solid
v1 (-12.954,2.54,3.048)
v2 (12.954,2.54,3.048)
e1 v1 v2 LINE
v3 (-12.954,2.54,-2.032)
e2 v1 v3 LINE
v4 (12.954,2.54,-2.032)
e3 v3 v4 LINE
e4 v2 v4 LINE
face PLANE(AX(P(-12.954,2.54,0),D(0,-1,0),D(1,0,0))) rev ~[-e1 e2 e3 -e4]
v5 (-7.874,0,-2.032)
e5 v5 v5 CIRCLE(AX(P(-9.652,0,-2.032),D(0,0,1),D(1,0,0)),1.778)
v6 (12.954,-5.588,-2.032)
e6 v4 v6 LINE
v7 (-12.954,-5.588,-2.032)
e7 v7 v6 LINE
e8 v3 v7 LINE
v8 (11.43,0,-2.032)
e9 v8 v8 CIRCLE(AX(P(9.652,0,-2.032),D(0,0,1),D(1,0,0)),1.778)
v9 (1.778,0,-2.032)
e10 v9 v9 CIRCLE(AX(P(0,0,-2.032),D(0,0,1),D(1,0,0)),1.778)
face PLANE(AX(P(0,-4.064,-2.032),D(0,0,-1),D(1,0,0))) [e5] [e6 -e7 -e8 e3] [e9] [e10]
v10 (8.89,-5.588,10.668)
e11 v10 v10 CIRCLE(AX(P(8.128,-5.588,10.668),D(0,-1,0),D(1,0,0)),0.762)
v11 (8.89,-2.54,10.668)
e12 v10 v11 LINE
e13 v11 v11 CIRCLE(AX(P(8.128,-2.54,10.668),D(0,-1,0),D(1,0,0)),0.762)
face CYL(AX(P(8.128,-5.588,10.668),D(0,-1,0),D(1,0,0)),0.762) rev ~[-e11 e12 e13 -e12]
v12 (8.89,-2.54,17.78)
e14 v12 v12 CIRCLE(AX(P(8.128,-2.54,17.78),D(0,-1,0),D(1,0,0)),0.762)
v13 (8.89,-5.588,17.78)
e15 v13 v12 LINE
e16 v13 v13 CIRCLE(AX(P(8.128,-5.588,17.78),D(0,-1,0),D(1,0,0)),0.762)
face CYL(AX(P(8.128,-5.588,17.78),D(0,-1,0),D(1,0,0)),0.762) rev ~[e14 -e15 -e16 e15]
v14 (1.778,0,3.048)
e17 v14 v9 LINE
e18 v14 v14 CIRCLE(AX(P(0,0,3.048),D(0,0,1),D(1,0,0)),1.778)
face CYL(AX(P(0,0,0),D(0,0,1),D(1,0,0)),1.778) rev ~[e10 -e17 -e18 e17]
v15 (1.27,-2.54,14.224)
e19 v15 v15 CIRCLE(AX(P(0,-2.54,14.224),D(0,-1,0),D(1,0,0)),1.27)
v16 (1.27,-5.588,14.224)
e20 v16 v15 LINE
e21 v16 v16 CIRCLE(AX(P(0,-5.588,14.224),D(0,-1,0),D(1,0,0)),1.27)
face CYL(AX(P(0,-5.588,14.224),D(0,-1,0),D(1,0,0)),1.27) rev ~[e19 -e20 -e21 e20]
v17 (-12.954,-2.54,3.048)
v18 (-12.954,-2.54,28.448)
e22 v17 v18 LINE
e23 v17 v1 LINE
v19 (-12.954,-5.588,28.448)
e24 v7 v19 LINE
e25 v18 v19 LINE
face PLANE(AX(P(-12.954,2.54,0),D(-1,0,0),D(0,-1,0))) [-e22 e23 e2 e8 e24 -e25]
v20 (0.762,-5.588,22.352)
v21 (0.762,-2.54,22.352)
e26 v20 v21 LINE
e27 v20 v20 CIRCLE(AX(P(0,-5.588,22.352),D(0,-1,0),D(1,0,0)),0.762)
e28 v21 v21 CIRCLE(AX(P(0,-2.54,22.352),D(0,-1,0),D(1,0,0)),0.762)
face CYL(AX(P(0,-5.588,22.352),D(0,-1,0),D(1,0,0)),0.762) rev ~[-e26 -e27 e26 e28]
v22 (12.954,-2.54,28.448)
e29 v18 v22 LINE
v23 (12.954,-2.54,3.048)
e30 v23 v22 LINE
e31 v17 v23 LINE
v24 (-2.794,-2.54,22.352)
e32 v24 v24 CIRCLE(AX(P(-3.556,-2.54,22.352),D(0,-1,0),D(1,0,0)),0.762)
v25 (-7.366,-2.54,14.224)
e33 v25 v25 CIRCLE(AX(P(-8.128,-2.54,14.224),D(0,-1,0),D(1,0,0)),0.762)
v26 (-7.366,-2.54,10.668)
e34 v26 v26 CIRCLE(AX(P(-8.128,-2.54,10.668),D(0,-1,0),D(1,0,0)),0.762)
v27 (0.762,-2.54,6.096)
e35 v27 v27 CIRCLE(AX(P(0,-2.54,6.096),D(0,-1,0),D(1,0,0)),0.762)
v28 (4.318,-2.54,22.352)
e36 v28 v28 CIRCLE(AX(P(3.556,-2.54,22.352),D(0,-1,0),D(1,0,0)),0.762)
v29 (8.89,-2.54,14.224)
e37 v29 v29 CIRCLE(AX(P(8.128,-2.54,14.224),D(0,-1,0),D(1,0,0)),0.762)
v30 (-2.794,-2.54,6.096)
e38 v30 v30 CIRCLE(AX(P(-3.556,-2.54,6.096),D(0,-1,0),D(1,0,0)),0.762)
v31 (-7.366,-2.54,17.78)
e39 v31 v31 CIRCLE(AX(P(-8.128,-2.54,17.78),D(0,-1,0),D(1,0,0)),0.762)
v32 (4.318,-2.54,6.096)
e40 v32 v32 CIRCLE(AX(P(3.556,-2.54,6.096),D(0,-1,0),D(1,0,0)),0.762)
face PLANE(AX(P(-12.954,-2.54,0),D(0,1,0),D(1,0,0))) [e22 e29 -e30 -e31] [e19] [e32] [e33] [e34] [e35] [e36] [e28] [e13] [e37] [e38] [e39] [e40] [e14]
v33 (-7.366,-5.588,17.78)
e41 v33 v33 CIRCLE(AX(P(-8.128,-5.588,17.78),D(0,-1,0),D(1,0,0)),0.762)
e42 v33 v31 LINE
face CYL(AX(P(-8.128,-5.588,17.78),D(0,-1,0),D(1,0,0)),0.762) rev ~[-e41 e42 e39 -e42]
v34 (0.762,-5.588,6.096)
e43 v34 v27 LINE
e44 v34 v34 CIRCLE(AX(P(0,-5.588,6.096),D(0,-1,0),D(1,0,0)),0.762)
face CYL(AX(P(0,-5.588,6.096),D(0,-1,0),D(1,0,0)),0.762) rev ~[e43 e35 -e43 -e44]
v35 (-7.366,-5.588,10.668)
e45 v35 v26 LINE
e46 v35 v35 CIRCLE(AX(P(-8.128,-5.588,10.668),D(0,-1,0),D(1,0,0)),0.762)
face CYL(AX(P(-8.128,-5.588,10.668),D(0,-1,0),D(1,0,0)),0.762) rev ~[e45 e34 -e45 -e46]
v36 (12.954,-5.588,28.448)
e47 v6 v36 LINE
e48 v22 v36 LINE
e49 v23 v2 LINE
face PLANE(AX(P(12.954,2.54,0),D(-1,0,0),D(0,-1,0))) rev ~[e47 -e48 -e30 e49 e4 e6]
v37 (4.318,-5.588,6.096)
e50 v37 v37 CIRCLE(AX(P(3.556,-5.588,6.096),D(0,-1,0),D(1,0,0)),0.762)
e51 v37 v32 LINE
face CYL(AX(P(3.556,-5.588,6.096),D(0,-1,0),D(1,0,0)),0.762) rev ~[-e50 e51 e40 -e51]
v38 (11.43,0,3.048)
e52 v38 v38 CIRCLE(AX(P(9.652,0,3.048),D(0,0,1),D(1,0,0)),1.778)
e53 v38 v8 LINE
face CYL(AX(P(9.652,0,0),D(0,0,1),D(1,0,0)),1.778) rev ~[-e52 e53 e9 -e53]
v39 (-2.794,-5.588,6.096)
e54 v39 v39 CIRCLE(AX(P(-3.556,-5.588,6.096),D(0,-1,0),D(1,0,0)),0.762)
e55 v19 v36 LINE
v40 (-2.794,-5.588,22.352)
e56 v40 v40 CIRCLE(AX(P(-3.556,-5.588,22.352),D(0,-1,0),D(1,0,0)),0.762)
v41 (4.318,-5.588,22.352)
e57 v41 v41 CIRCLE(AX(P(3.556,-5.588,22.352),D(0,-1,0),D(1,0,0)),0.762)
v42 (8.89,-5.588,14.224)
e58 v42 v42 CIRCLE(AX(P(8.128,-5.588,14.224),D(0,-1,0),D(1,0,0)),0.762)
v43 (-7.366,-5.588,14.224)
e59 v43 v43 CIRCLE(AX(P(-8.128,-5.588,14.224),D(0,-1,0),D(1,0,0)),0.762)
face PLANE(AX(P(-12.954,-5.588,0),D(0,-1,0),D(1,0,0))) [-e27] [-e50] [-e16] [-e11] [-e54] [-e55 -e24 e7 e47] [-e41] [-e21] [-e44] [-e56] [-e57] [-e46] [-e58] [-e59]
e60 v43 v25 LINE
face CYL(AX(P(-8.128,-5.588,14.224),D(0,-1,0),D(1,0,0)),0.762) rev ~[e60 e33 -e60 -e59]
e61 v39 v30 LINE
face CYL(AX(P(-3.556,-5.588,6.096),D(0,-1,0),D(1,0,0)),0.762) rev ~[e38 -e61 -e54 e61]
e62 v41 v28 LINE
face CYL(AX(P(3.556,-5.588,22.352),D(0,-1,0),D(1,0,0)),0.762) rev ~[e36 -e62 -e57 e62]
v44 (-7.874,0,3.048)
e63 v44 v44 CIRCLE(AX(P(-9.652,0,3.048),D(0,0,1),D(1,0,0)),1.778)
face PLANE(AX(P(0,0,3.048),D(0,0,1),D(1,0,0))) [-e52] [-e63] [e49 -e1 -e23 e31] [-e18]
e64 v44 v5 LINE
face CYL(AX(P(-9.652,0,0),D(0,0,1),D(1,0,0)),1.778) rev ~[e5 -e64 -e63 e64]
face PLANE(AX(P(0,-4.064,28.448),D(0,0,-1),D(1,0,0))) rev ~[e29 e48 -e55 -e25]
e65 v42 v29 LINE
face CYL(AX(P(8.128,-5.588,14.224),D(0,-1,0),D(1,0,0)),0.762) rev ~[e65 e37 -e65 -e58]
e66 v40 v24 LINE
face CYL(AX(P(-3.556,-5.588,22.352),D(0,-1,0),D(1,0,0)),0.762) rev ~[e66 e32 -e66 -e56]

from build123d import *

# Parameters (mm, degrees)
F0_W     = 25.908
F0_H     = 5.08
F1_DEPTH = 3.048
F2_W     = 25.908
F2_H     = 3.048
F3_DEPTH = 28.448
F4_R     = 0.762
F4_R_2   = 1.27
F5_DEPTH = 25.4
F6_R     = 1.778
F7_DEPTH = 25.4
F8_DEPTH = 2.032


with BuildPart() as f1:
    # F0 (on Top) → F1 (new body)
    with BuildSketch(Plane.XY):
        Rectangle(F0_W, F0_H)
    extrude(amount=F1_DEPTH)

    # F2 (on face) → F3 (join)
    with BuildSketch(Plane(origin=(0, 0, 0), x_dir=(1, 0, 0), z_dir=(0, 0, -1))):
        with Locations((0, 4.064)):
            Rectangle(F2_W, F2_H)
    extrude(amount=-F3_DEPTH)

    # F4 (on face) → F5 (cut)
    with BuildSketch(Plane.XZ.offset(5.588)):
        with Locations((-8.128, 14.224)):
            Circle(F4_R)
        with Locations((-8.128, 17.78)):
            Circle(F4_R)
        with Locations((-8.128, 10.668)):
            Circle(F4_R)
        with Locations((-3.556, 6.096)):
            Circle(F4_R)
        with Locations((0, 6.096)):
            Circle(F4_R)
        with Locations((3.556, 6.096)):
            Circle(F4_R)
        with Locations((8.128, 10.668)):
            Circle(F4_R)
        with Locations((8.128, 14.224)):
            Circle(F4_R)
        with Locations((8.128, 17.78)):
            Circle(F4_R)
        with Locations((3.556, 22.352)):
            Circle(F4_R)
        with Locations((0, 22.352)):
            Circle(F4_R)
        with Locations((-3.556, 22.352)):
            Circle(F4_R)
        with Locations((0, 14.224)):
            Circle(F4_R_2)
    extrude(amount=-F5_DEPTH, mode=Mode.SUBTRACT)

    # F6 (on face) → F7 (cut)
    with BuildSketch(Plane.XY.offset(3.048)):
        with Locations((-9.652, 0)):
            Circle(F6_R)
        Circle(F6_R)
        with Locations((9.652, 0)):
            Circle(F6_R)
    extrude(amount=-F7_DEPTH, mode=Mode.SUBTRACT)

    # F8 (add): a face of the model
    f8_faces = [f1.faces().sort_by_distance(p)[0] for p in [
        (0, 2.2684693667, 0),
    ]]
    extrude(f8_faces, amount=F8_DEPTH)


solid = f1.part
